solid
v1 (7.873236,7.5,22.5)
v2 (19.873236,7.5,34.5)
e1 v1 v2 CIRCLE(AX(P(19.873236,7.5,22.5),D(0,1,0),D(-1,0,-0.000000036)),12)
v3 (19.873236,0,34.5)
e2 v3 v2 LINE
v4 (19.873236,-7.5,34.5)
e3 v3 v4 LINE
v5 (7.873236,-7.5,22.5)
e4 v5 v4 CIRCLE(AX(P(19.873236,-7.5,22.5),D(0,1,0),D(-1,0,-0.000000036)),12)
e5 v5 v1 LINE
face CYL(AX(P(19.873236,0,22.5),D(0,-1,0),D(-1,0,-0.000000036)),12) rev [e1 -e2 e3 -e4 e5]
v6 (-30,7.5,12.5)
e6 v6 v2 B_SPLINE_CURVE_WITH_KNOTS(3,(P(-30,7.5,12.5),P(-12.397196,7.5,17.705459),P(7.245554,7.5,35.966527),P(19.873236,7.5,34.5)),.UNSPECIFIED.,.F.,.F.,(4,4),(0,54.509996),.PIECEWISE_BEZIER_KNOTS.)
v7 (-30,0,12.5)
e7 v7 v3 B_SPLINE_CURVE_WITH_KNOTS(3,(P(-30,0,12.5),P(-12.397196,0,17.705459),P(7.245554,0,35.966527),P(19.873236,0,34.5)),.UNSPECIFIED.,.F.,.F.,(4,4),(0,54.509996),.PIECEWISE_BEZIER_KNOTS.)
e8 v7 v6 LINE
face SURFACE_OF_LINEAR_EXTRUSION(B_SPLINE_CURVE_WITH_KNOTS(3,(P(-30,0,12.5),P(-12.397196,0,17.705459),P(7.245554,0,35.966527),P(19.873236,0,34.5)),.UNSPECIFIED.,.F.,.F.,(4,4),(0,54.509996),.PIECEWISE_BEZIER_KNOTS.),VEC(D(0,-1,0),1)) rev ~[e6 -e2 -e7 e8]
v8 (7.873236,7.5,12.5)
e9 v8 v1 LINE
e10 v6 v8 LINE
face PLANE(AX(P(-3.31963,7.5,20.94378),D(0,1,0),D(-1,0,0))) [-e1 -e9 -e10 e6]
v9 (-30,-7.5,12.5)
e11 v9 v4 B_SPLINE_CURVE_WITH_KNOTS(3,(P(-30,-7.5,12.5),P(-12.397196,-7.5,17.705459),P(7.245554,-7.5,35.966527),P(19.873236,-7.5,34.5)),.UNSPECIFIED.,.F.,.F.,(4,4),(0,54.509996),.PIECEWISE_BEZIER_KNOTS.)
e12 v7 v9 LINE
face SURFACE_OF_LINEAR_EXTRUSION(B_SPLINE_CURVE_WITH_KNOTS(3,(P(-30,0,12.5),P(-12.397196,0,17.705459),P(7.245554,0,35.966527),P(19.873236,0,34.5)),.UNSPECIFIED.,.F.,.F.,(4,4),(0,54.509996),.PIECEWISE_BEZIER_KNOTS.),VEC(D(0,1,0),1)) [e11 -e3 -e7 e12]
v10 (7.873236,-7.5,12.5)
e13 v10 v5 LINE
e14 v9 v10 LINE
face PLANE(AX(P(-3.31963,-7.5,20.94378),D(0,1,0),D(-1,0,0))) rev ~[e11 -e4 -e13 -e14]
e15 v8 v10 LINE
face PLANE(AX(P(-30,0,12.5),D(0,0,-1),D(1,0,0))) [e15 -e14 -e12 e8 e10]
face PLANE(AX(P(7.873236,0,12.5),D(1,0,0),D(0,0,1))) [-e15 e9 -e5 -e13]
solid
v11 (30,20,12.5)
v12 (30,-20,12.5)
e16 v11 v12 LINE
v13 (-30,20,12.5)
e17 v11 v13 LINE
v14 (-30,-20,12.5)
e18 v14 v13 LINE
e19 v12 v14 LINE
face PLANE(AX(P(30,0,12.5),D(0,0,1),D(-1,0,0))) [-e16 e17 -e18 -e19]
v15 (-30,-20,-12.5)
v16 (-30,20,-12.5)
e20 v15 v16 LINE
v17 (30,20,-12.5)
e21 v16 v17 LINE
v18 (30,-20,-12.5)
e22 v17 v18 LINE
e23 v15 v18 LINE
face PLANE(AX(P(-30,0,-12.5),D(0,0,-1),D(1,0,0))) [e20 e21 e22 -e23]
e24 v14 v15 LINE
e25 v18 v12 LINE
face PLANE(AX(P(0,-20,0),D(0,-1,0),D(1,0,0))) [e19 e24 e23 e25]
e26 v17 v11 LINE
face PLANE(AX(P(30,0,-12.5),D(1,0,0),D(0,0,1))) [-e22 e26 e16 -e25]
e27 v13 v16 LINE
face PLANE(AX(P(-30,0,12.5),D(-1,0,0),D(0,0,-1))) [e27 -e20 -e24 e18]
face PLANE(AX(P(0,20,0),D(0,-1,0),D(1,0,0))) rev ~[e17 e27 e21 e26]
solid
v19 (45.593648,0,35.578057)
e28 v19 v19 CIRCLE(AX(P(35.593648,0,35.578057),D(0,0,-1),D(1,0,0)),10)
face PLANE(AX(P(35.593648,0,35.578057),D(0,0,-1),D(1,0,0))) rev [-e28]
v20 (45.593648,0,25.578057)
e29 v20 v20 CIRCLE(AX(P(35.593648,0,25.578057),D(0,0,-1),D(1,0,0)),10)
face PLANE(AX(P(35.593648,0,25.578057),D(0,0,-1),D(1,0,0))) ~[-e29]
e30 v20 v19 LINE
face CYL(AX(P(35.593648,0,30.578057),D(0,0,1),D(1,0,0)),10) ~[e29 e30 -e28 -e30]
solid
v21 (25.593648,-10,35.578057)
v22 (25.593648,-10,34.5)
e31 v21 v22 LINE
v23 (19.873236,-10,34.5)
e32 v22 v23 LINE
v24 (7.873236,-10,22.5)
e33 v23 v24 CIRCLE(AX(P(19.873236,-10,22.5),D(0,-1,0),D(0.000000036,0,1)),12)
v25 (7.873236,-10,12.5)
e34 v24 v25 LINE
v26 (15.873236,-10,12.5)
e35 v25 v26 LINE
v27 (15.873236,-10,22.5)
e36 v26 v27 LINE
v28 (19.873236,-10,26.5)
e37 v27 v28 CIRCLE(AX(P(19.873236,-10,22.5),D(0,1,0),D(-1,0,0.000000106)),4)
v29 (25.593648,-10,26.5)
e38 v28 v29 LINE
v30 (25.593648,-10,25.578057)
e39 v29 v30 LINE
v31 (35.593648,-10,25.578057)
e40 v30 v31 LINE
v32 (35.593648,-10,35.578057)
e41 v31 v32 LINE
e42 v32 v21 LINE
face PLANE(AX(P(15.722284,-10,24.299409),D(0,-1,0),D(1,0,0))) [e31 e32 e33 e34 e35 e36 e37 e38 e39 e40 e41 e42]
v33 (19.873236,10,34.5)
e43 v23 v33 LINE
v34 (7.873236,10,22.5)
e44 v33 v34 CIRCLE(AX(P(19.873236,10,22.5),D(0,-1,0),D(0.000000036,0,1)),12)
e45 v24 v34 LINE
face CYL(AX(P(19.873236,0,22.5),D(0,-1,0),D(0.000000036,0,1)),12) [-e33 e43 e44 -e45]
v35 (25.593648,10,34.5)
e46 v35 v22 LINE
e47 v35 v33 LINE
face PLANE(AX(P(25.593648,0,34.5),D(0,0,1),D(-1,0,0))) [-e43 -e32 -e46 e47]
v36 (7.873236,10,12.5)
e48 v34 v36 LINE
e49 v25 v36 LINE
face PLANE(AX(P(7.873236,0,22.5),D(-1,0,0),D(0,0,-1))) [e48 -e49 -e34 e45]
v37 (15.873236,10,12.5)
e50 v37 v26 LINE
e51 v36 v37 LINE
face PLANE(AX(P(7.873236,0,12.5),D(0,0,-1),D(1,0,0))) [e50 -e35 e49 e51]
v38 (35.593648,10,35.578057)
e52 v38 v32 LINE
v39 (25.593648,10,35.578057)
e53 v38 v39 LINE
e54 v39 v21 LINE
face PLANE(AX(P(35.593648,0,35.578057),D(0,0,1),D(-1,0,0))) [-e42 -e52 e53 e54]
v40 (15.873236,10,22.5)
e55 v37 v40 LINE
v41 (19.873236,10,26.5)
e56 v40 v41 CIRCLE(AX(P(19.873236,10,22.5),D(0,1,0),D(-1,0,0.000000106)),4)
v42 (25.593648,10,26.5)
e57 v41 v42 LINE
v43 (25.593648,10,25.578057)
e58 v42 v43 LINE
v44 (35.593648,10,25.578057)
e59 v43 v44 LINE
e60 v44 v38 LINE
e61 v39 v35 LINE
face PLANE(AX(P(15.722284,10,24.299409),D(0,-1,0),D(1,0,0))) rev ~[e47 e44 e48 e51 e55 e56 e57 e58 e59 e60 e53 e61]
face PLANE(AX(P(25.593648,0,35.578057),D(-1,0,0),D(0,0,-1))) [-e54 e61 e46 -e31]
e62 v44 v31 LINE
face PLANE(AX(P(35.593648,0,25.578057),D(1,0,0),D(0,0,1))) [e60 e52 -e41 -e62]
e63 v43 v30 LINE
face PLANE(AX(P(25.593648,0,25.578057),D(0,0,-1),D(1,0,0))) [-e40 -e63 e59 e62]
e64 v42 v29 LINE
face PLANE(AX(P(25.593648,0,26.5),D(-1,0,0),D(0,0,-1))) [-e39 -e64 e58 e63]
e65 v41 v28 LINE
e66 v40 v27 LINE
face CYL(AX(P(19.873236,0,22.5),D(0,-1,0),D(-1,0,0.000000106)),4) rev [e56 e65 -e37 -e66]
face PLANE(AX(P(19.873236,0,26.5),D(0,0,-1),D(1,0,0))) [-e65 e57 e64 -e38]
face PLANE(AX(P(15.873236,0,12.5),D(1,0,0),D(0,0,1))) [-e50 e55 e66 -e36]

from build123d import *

# Parameters (mm, degrees)
F1_DEPTH = 20
F2_DEPTH = 10
F3_DEPTH = 7.5
F0_W     = 10
F0_H     = 10


with BuildPart() as f1:
    # F0 (on Front) → F1 (new body, symmetric)
    with BuildSketch(Plane.XZ):
        Polygon((-30, -12.5), (30, -12.5), (30, 12.5), (15.873236, 12.5), (7.873236, 12.5), (-30, 12.5), align=None)
    extrude(amount=F1_DEPTH, both=True)


with BuildPart() as f2:
    # F0 (on Front) → F2 (new body, symmetric)
    with BuildSketch(Plane.XZ):
        with BuildLine():
            Line((7.873236, 12.5), (15.873236, 12.5))
            Line((15.873236, 12.5), (15.873236, 22.5))
            ThreePointArc((15.873236, 22.5), (17.044809, 25.328427), (19.873236, 26.5))
            Line((19.873236, 26.5), (25.593648, 26.5))
            Line((25.593648, 26.5), (25.593648, 34.5))
            Line((25.593648, 34.5), (19.873236, 34.5))
            ThreePointArc((19.873236, 34.5), (11.387954, 30.985281), (7.873236, 22.5))
            Line((7.873236, 22.5), (7.873236, 12.5))
        make_face()
        Polygon((25.593648, 35.578057), (25.593648, 34.5), (25.593648, 26.5), (25.593648, 25.578057), (35.593648, 25.578057), (35.593648, 35.578057), align=None)
    extrude(amount=F2_DEPTH, both=True)


with BuildPart() as f3:
    # F0 (on Front) → F3 (new body, symmetric)
    with BuildSketch(Plane.XZ):
        with BuildLine():
            add(Edge.make_bspline(
                [(-30, 12.5), (-12.397196, 17.705459), (7.245554, 35.966527), (19.873236, 34.5)],
                knots=[0, 0, 0, 0, 54.509996, 54.509996, 54.509996, 54.509996], degree=3))
            Line((-30, 12.5), (7.873236, 12.5))
            Line((7.873236, 12.5), (7.873236, 22.5))
            ThreePointArc((7.873236, 22.5), (11.387954, 30.985281), (19.873236, 34.5))
        make_face()
    extrude(amount=F3_DEPTH, both=True)


with BuildPart() as f4:
    # F0 (on Front) → F4 (revolve)
    with BuildSketch(Plane.XZ):
        with Locations((40.593648, 30.578057)):
            Rectangle(F0_W, F0_H)
    revolve(axis=Axis((35.593648, 0, 30.578057), (0, 0, -1)))


solid = Compound([f1.part, f2.part, f3.part, f4.part])
